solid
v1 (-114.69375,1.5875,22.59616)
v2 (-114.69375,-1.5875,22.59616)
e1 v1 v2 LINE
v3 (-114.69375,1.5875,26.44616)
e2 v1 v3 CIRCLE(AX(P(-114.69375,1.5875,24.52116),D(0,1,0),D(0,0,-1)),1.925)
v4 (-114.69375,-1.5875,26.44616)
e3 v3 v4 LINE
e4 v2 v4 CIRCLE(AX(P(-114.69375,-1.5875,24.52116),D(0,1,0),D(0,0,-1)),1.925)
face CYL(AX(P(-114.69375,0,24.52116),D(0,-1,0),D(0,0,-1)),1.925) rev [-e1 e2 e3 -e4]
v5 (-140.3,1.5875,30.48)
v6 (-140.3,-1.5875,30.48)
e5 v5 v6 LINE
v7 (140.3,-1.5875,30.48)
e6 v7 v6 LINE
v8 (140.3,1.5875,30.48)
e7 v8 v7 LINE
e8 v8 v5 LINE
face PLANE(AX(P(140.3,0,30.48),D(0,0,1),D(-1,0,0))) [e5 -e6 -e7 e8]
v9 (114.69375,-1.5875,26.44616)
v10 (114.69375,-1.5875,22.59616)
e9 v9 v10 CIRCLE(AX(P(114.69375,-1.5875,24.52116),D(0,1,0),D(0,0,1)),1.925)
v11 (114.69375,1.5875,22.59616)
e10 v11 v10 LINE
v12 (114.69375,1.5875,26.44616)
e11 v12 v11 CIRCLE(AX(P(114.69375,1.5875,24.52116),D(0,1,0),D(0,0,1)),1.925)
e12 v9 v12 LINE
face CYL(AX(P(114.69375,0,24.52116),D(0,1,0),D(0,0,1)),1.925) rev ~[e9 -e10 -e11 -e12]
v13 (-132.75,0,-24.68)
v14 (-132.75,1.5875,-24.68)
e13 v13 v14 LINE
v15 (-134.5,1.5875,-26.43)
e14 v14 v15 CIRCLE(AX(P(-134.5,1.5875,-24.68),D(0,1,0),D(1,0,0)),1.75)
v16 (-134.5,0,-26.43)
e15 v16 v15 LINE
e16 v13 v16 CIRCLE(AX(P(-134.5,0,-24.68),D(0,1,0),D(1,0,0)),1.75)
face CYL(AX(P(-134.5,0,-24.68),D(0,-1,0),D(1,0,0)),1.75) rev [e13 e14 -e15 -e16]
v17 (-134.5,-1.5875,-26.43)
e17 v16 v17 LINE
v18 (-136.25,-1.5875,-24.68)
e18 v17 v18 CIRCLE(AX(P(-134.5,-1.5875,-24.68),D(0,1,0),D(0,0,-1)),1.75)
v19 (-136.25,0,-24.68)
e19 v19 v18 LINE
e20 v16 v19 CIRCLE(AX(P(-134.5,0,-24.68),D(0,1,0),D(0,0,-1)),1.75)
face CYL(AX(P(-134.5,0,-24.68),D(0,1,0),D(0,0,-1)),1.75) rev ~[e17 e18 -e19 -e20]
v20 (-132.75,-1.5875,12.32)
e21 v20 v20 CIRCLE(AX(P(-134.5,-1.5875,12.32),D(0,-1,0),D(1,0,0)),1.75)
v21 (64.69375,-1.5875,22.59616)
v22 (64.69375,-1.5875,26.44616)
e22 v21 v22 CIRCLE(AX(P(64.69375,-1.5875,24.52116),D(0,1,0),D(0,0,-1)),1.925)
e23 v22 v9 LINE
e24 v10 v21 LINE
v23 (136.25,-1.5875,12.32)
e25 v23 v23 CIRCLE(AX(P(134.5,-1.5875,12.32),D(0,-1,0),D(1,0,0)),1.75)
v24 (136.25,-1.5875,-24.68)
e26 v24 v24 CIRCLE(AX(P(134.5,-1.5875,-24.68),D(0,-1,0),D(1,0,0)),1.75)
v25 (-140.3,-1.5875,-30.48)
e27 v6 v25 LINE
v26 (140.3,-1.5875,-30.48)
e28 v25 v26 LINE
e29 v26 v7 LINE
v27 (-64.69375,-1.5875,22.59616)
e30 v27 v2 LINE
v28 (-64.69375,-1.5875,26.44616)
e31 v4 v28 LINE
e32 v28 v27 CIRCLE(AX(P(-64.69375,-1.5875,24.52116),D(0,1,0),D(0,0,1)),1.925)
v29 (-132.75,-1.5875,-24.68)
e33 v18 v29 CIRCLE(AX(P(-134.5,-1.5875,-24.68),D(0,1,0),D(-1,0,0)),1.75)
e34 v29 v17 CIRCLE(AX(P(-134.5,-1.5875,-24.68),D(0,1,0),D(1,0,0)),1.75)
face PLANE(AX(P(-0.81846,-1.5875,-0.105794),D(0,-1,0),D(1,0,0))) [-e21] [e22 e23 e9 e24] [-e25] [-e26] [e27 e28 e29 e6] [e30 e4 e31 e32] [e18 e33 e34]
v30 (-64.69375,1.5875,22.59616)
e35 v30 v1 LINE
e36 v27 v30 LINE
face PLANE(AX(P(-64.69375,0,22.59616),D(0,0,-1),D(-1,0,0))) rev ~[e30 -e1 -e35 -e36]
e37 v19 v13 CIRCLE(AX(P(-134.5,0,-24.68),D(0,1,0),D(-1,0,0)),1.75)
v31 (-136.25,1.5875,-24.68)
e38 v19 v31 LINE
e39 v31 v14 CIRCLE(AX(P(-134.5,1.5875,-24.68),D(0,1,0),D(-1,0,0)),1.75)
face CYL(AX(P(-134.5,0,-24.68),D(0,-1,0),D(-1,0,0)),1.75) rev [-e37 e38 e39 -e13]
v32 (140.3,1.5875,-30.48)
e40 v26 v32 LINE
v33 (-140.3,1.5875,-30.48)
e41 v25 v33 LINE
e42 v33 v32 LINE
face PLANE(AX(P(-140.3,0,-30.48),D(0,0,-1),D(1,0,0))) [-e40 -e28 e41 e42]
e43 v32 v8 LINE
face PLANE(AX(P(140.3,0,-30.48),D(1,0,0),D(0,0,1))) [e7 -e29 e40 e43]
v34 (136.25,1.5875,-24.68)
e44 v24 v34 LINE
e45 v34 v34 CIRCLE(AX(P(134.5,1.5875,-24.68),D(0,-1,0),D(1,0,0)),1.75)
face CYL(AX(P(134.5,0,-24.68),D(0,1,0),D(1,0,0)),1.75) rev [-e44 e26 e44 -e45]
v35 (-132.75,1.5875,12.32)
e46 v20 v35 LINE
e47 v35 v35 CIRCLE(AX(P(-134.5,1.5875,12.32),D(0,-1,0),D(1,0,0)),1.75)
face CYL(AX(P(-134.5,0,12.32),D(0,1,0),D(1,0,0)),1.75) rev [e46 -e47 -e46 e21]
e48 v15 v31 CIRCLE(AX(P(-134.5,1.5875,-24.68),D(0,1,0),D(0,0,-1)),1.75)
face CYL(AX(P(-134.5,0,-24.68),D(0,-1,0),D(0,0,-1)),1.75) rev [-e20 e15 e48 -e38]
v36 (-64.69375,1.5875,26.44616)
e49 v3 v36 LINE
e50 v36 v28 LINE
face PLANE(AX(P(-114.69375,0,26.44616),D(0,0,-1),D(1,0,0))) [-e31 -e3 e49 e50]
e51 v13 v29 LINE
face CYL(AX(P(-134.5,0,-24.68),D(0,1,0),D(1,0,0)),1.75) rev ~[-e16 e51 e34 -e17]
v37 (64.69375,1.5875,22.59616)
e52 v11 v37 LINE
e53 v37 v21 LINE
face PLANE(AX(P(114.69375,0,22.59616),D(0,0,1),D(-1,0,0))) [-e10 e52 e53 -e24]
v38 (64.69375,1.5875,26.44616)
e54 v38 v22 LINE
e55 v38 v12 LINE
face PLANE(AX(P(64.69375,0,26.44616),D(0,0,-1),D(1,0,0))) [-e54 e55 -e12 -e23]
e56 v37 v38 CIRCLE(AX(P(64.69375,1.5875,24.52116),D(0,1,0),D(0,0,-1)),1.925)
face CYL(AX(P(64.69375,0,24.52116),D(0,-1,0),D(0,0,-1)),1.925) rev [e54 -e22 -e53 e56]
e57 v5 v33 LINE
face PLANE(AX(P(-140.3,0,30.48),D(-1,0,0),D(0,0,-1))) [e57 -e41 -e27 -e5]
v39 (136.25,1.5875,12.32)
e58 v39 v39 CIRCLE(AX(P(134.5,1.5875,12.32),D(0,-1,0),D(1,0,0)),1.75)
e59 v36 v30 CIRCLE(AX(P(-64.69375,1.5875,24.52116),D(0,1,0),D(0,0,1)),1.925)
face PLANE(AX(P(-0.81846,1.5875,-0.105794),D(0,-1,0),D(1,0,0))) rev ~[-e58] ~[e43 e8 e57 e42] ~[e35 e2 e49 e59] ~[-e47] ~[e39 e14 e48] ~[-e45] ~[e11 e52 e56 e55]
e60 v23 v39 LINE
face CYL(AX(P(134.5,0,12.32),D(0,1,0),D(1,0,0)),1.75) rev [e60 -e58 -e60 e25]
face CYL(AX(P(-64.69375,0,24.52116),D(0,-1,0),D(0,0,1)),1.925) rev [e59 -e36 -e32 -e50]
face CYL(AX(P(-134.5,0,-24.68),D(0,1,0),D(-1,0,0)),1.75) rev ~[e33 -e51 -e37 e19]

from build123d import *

# Parameters (mm, degrees)
F0_R     = 1.75
F1_DEPTH = 1.5875


with BuildPart() as f1:
    # F0 (on Front) → F1 (new body, symmetric)
    with BuildSketch(Plane.XZ):
        with BuildLine():
            Line((140.3, -30.48), (140.3, 30.48))
            Line((140.3, 30.48), (-140.3, 30.48))
            Line((-140.3, 30.48), (-140.3, -24.68))
            Line((-140.3, -24.68), (-136.25, -24.68))
            ThreePointArc((-136.25, -24.68), (-134.5, -22.93), (-132.75, -24.68))
            ThreePointArc((-132.75, -24.68), (-133.2625631329, -25.9174368671), (-134.5, -26.43))
            Line((-134.5, -26.43), (-134.5, -30.48))
            Line((-134.5, -30.48), (140.3, -30.48))
        make_face()
        with Locations((134.5, -24.68)):
            Circle(F0_R, mode=Mode.SUBTRACT)
        with Locations((-134.5, 12.32)):
            Circle(F0_R, mode=Mode.SUBTRACT)
        with BuildLine():
            Line((-114.69375, 26.44616), (-89.69375, 26.44616))
            Line((-89.69375, 26.44616), (-64.69375, 26.44616))
            ThreePointArc((-64.69375, 26.44616), (-62.76875, 24.52116), (-64.69375, 22.59616))
            Line((-64.69375, 22.59616), (-89.69375, 22.59616))
            Line((-89.69375, 22.59616), (-114.69375, 22.59616))
            ThreePointArc((-114.69375, 22.59616), (-116.61875, 24.52116), (-114.69375, 26.44616))
        make_face(mode=Mode.SUBTRACT)
        with Locations((134.5, 12.32)):
            Circle(F0_R, mode=Mode.SUBTRACT)
        with BuildLine():
            ThreePointArc((64.69375, 22.59616), (62.76875, 24.52116), (64.69375, 26.44616))
            Line((64.69375, 26.44616), (114.69375, 26.44616))
            ThreePointArc((114.69375, 26.44616), (116.61875, 24.52116), (114.69375, 22.59616))
            Line((114.69375, 22.59616), (64.69375, 22.59616))
        make_face(mode=Mode.SUBTRACT)
        with BuildLine():
            Line((-136.25, -24.68), (-140.3, -24.68))
            Line((-140.3, -24.68), (-140.3, -30.48))
            Line((-140.3, -30.48), (-134.5, -30.48))
            Line((-134.5, -30.48), (-134.5, -26.43))
            ThreePointArc((-134.5, -26.43), (-135.7374368671, -25.9174368671), (-136.25, -24.68))
        make_face()
    extrude(amount=F1_DEPTH, both=True)


solid = f1.part
